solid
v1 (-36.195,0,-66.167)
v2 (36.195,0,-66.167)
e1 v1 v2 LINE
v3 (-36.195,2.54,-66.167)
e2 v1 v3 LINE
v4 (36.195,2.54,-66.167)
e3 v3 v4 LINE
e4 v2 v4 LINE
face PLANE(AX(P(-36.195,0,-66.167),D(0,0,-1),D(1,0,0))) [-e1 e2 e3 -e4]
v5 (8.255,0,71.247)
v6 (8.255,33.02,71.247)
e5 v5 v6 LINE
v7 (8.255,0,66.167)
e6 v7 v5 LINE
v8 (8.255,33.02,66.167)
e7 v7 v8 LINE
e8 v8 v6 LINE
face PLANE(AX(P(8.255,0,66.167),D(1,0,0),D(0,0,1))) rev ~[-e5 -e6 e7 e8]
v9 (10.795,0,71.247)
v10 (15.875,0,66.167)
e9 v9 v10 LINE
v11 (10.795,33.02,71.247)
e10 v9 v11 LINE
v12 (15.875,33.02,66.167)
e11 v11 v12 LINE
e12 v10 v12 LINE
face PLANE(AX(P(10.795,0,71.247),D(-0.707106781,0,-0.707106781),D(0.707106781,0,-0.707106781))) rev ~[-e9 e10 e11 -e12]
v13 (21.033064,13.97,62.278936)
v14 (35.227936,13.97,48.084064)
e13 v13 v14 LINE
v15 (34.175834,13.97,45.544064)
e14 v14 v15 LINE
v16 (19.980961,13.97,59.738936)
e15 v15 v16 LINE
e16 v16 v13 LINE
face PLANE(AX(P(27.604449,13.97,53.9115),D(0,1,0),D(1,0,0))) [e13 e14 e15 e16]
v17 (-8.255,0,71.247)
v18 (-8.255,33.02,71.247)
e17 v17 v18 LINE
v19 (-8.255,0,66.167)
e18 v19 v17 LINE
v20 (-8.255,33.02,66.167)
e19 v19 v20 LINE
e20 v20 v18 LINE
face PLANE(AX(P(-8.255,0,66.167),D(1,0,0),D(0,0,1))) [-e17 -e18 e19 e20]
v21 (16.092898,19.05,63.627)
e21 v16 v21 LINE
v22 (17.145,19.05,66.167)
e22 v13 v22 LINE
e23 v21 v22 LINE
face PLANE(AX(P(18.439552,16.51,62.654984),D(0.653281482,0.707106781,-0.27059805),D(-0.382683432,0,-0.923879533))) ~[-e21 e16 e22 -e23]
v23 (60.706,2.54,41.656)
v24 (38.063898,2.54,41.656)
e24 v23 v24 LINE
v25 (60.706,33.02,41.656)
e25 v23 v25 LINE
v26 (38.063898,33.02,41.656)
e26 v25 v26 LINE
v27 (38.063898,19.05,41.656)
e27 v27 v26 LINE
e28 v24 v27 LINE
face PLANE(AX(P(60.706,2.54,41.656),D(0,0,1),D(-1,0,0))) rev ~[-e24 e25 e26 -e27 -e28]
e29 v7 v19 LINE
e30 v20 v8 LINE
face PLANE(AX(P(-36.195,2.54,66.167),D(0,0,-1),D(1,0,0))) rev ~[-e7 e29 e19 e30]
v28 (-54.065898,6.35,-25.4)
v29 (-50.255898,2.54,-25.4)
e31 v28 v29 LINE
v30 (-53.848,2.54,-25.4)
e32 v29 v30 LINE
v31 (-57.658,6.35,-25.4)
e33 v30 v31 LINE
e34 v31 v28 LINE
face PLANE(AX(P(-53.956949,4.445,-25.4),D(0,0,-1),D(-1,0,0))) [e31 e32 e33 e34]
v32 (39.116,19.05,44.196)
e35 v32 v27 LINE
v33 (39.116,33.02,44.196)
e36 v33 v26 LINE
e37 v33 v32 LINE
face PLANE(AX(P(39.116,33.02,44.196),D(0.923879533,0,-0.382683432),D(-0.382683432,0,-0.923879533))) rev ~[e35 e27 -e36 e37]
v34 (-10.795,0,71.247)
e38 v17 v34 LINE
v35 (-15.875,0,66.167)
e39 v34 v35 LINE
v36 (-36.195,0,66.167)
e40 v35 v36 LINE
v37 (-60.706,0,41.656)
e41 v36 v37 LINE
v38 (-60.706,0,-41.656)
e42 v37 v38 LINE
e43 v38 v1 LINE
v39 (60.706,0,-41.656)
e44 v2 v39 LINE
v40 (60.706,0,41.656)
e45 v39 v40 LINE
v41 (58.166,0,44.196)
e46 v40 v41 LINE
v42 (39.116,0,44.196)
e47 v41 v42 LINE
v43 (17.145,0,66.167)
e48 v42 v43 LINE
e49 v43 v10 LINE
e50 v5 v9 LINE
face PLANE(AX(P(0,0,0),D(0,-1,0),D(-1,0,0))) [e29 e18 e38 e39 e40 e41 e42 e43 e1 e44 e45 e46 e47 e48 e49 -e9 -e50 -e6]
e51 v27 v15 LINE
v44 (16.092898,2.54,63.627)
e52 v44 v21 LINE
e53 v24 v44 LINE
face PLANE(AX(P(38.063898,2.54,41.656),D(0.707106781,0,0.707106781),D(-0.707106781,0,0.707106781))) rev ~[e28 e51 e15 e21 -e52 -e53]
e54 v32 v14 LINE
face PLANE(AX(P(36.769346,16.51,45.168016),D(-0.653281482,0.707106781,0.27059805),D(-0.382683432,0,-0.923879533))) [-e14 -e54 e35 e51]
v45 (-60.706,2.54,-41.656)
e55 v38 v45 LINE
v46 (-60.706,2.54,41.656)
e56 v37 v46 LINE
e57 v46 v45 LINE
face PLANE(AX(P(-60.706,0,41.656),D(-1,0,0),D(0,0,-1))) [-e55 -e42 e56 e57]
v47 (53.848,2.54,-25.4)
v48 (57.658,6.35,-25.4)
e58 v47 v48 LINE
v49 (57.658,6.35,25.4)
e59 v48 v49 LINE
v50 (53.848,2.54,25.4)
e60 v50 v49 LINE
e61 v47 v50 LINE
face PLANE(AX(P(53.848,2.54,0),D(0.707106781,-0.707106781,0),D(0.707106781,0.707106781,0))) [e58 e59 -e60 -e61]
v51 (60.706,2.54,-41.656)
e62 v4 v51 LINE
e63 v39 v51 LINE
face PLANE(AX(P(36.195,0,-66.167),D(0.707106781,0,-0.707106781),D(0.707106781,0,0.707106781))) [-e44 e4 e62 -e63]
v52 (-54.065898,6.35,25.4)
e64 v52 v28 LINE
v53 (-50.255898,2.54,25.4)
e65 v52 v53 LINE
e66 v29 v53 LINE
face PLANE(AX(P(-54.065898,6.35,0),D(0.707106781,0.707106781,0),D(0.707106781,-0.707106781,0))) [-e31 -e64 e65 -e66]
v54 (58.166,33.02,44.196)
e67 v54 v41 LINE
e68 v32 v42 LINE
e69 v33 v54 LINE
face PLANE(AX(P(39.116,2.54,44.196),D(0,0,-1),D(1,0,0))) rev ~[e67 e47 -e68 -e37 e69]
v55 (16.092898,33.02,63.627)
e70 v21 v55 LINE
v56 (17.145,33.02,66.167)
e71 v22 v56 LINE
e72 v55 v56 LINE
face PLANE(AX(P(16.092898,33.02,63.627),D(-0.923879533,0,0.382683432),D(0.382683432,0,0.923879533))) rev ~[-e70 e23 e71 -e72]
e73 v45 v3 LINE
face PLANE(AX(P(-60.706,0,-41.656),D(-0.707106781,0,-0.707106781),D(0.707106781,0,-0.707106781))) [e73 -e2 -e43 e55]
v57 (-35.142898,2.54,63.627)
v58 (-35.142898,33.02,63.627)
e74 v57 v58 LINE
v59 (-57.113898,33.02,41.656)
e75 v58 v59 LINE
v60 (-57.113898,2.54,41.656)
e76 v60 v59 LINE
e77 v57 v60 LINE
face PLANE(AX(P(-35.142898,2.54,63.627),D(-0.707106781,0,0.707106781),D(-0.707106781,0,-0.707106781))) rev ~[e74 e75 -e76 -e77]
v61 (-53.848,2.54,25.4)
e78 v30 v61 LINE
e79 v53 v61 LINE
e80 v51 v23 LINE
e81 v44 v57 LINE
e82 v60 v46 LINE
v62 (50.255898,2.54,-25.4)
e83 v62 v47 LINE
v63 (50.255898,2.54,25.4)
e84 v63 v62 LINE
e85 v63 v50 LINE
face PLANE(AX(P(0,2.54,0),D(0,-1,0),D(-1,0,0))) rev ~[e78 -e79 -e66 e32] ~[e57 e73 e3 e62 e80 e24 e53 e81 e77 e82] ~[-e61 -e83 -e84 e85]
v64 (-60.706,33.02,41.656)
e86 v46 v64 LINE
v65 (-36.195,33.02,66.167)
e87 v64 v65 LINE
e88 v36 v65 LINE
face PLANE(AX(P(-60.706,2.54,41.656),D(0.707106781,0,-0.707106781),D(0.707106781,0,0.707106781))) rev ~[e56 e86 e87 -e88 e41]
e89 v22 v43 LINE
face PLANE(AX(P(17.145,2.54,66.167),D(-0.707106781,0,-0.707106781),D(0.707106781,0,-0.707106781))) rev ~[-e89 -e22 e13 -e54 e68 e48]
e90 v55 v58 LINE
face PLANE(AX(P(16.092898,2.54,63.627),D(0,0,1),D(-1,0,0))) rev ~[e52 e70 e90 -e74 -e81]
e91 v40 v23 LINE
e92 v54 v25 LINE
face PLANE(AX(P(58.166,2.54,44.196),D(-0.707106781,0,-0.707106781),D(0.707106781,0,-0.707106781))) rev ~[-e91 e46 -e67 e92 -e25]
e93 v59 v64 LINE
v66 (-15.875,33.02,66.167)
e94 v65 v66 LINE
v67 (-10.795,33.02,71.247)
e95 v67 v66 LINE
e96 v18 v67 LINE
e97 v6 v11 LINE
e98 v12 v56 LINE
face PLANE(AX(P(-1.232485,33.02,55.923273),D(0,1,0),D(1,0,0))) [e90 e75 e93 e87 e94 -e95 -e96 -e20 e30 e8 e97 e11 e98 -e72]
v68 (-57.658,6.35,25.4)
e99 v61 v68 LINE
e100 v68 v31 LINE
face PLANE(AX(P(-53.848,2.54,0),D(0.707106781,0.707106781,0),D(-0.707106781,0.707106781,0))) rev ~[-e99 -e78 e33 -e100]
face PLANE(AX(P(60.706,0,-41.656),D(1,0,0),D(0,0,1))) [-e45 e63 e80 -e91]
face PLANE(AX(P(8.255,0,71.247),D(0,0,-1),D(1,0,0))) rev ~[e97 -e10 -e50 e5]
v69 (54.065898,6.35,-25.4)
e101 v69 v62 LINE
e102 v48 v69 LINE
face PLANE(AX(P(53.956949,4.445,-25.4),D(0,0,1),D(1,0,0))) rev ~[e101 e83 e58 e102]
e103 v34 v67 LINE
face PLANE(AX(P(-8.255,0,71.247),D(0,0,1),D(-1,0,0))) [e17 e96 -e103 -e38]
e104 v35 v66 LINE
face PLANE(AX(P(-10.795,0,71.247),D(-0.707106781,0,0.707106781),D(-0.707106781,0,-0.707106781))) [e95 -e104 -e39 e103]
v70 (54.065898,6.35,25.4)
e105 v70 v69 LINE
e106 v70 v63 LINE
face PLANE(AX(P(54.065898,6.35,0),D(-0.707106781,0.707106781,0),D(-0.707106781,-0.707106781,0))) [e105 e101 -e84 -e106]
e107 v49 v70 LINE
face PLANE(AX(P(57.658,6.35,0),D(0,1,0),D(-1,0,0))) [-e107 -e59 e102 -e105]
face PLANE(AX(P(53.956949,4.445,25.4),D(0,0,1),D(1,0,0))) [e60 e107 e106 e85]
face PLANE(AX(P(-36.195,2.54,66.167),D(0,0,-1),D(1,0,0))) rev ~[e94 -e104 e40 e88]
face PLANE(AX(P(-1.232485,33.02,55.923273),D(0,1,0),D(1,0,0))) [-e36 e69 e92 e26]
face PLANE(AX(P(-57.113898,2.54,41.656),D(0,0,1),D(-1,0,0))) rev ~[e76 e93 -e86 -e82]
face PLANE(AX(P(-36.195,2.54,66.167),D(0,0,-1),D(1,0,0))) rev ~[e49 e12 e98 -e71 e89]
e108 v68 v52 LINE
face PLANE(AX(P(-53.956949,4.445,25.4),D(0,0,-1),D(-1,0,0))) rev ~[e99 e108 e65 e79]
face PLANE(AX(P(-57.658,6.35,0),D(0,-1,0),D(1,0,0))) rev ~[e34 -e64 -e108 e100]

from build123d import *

# Parameters (mm, degrees)
BOSS_EXTRUDE1_DEPTH      = 2.54
CUT_EXTRUDE1_DEPTH       = 3.54
BOSS_EXTRUDE2_DEPTH      = 25.4
BOSS_EXTRUDE2_DEPTH_BACK = 25.4
BOSS_EXTRUDE3_DEPTH      = 30.48
CUT_EXTRUDE2_DEPTH       = 19.05
CHAMFER2_SIZE            = 5.08
BOSS_EXTRUDE4_DEPTH      = 33.02


with BuildPart() as part:
    # Sketch1 → Boss-Extrude1 (new body)
    with BuildSketch(Plane(origin=(0, 0, 0), x_dir=(1, 0, 0), z_dir=(0, 1, 0))):
        Polygon((-36.195, 66.167), (36.195, 66.167), (60.706, 41.656), (60.706, -41.656), (36.195, -66.167), (-36.195, -66.167), (-60.706, -41.656), (-60.706, 41.656), align=None)
    extrude(amount=BOSS_EXTRUDE1_DEPTH)

    # Sketch5 → Cut-Extrude1 (cut, through all)
    with BuildSketch(Plane(origin=(0, 2.54, 0), x_dir=(1, 0, 0), z_dir=(0, 1, 0))):
        Polygon((58.166, -44.196), (36.195, -66.167), (17.145, -66.167), (39.116, -44.196), align=None)
    extrude(amount=-CUT_EXTRUDE1_DEPTH, mode=Mode.SUBTRACT)

    # Sketch3 → Boss-Extrude2 (add, two sides)
    with BuildSketch(Plane.XY) as boss_extrude2_sk:
        Polygon((-53.848, 2.54), (-57.658, 6.35), (-54.065897552, 6.35), (-50.255897552, 2.54), align=None)
        Polygon((54.065897552, 6.35), (50.255897552, 2.54), (53.848, 2.54), (57.658, 6.35), align=None)
    extrude(amount=BOSS_EXTRUDE2_DEPTH)
    extrude(boss_extrude2_sk.sketch, amount=-BOSS_EXTRUDE2_DEPTH_BACK)

    # Sketch4 → Boss-Extrude3 (add)
    with BuildSketch(Plane(origin=(0, 2.54, 0), x_dir=(1, 0, 0), z_dir=(0, 1, 0))):
        Polygon((60.706, -41.656), (58.166, -41.656), (38.063897552, -41.656), (16.092897552, -63.627), (-35.142897552, -63.627), (-57.113897552, -41.656), (-60.706, -41.656), (-36.195, -66.167), (17.145, -66.167), (39.116, -44.196), (58.166, -44.196), align=None)
    extrude(amount=BOSS_EXTRUDE3_DEPTH)

    # Sketch6 → Cut-Extrude2 (cut)
    with BuildSketch(Plane(origin=(0, 33.02, 0), x_dir=(1, 0, 0), z_dir=(0, 1, 0))):
        Polygon((38.063897552, -41.656), (16.092897552, -63.627), (17.145, -66.167), (39.116, -44.196), align=None)
    extrude(amount=-CUT_EXTRUDE2_DEPTH, mode=Mode.SUBTRACT)

    # Chamfer2
    chamfer2_edges = [part.edges().sort_by_distance(p)[0] for p in [
        (16.618948776, 13.97, 64.897),
        (38.589948776, 13.97, 42.926),
    ]]
    chamfer(chamfer2_edges, length=CHAMFER2_SIZE)

    # Sketch7 → Boss-Extrude4 (add)
    with BuildSketch(Plane.XZ):
        Polygon((-8.255, 66.167), (-8.255, 71.247), (-10.795, 71.247), (-15.875, 66.167), align=None)
        Polygon((10.795, 71.247), (15.875, 66.167), (8.255, 66.167), (8.255, 71.247), align=None)
    extrude(amount=-BOSS_EXTRUDE4_DEPTH)


solid = part.part
